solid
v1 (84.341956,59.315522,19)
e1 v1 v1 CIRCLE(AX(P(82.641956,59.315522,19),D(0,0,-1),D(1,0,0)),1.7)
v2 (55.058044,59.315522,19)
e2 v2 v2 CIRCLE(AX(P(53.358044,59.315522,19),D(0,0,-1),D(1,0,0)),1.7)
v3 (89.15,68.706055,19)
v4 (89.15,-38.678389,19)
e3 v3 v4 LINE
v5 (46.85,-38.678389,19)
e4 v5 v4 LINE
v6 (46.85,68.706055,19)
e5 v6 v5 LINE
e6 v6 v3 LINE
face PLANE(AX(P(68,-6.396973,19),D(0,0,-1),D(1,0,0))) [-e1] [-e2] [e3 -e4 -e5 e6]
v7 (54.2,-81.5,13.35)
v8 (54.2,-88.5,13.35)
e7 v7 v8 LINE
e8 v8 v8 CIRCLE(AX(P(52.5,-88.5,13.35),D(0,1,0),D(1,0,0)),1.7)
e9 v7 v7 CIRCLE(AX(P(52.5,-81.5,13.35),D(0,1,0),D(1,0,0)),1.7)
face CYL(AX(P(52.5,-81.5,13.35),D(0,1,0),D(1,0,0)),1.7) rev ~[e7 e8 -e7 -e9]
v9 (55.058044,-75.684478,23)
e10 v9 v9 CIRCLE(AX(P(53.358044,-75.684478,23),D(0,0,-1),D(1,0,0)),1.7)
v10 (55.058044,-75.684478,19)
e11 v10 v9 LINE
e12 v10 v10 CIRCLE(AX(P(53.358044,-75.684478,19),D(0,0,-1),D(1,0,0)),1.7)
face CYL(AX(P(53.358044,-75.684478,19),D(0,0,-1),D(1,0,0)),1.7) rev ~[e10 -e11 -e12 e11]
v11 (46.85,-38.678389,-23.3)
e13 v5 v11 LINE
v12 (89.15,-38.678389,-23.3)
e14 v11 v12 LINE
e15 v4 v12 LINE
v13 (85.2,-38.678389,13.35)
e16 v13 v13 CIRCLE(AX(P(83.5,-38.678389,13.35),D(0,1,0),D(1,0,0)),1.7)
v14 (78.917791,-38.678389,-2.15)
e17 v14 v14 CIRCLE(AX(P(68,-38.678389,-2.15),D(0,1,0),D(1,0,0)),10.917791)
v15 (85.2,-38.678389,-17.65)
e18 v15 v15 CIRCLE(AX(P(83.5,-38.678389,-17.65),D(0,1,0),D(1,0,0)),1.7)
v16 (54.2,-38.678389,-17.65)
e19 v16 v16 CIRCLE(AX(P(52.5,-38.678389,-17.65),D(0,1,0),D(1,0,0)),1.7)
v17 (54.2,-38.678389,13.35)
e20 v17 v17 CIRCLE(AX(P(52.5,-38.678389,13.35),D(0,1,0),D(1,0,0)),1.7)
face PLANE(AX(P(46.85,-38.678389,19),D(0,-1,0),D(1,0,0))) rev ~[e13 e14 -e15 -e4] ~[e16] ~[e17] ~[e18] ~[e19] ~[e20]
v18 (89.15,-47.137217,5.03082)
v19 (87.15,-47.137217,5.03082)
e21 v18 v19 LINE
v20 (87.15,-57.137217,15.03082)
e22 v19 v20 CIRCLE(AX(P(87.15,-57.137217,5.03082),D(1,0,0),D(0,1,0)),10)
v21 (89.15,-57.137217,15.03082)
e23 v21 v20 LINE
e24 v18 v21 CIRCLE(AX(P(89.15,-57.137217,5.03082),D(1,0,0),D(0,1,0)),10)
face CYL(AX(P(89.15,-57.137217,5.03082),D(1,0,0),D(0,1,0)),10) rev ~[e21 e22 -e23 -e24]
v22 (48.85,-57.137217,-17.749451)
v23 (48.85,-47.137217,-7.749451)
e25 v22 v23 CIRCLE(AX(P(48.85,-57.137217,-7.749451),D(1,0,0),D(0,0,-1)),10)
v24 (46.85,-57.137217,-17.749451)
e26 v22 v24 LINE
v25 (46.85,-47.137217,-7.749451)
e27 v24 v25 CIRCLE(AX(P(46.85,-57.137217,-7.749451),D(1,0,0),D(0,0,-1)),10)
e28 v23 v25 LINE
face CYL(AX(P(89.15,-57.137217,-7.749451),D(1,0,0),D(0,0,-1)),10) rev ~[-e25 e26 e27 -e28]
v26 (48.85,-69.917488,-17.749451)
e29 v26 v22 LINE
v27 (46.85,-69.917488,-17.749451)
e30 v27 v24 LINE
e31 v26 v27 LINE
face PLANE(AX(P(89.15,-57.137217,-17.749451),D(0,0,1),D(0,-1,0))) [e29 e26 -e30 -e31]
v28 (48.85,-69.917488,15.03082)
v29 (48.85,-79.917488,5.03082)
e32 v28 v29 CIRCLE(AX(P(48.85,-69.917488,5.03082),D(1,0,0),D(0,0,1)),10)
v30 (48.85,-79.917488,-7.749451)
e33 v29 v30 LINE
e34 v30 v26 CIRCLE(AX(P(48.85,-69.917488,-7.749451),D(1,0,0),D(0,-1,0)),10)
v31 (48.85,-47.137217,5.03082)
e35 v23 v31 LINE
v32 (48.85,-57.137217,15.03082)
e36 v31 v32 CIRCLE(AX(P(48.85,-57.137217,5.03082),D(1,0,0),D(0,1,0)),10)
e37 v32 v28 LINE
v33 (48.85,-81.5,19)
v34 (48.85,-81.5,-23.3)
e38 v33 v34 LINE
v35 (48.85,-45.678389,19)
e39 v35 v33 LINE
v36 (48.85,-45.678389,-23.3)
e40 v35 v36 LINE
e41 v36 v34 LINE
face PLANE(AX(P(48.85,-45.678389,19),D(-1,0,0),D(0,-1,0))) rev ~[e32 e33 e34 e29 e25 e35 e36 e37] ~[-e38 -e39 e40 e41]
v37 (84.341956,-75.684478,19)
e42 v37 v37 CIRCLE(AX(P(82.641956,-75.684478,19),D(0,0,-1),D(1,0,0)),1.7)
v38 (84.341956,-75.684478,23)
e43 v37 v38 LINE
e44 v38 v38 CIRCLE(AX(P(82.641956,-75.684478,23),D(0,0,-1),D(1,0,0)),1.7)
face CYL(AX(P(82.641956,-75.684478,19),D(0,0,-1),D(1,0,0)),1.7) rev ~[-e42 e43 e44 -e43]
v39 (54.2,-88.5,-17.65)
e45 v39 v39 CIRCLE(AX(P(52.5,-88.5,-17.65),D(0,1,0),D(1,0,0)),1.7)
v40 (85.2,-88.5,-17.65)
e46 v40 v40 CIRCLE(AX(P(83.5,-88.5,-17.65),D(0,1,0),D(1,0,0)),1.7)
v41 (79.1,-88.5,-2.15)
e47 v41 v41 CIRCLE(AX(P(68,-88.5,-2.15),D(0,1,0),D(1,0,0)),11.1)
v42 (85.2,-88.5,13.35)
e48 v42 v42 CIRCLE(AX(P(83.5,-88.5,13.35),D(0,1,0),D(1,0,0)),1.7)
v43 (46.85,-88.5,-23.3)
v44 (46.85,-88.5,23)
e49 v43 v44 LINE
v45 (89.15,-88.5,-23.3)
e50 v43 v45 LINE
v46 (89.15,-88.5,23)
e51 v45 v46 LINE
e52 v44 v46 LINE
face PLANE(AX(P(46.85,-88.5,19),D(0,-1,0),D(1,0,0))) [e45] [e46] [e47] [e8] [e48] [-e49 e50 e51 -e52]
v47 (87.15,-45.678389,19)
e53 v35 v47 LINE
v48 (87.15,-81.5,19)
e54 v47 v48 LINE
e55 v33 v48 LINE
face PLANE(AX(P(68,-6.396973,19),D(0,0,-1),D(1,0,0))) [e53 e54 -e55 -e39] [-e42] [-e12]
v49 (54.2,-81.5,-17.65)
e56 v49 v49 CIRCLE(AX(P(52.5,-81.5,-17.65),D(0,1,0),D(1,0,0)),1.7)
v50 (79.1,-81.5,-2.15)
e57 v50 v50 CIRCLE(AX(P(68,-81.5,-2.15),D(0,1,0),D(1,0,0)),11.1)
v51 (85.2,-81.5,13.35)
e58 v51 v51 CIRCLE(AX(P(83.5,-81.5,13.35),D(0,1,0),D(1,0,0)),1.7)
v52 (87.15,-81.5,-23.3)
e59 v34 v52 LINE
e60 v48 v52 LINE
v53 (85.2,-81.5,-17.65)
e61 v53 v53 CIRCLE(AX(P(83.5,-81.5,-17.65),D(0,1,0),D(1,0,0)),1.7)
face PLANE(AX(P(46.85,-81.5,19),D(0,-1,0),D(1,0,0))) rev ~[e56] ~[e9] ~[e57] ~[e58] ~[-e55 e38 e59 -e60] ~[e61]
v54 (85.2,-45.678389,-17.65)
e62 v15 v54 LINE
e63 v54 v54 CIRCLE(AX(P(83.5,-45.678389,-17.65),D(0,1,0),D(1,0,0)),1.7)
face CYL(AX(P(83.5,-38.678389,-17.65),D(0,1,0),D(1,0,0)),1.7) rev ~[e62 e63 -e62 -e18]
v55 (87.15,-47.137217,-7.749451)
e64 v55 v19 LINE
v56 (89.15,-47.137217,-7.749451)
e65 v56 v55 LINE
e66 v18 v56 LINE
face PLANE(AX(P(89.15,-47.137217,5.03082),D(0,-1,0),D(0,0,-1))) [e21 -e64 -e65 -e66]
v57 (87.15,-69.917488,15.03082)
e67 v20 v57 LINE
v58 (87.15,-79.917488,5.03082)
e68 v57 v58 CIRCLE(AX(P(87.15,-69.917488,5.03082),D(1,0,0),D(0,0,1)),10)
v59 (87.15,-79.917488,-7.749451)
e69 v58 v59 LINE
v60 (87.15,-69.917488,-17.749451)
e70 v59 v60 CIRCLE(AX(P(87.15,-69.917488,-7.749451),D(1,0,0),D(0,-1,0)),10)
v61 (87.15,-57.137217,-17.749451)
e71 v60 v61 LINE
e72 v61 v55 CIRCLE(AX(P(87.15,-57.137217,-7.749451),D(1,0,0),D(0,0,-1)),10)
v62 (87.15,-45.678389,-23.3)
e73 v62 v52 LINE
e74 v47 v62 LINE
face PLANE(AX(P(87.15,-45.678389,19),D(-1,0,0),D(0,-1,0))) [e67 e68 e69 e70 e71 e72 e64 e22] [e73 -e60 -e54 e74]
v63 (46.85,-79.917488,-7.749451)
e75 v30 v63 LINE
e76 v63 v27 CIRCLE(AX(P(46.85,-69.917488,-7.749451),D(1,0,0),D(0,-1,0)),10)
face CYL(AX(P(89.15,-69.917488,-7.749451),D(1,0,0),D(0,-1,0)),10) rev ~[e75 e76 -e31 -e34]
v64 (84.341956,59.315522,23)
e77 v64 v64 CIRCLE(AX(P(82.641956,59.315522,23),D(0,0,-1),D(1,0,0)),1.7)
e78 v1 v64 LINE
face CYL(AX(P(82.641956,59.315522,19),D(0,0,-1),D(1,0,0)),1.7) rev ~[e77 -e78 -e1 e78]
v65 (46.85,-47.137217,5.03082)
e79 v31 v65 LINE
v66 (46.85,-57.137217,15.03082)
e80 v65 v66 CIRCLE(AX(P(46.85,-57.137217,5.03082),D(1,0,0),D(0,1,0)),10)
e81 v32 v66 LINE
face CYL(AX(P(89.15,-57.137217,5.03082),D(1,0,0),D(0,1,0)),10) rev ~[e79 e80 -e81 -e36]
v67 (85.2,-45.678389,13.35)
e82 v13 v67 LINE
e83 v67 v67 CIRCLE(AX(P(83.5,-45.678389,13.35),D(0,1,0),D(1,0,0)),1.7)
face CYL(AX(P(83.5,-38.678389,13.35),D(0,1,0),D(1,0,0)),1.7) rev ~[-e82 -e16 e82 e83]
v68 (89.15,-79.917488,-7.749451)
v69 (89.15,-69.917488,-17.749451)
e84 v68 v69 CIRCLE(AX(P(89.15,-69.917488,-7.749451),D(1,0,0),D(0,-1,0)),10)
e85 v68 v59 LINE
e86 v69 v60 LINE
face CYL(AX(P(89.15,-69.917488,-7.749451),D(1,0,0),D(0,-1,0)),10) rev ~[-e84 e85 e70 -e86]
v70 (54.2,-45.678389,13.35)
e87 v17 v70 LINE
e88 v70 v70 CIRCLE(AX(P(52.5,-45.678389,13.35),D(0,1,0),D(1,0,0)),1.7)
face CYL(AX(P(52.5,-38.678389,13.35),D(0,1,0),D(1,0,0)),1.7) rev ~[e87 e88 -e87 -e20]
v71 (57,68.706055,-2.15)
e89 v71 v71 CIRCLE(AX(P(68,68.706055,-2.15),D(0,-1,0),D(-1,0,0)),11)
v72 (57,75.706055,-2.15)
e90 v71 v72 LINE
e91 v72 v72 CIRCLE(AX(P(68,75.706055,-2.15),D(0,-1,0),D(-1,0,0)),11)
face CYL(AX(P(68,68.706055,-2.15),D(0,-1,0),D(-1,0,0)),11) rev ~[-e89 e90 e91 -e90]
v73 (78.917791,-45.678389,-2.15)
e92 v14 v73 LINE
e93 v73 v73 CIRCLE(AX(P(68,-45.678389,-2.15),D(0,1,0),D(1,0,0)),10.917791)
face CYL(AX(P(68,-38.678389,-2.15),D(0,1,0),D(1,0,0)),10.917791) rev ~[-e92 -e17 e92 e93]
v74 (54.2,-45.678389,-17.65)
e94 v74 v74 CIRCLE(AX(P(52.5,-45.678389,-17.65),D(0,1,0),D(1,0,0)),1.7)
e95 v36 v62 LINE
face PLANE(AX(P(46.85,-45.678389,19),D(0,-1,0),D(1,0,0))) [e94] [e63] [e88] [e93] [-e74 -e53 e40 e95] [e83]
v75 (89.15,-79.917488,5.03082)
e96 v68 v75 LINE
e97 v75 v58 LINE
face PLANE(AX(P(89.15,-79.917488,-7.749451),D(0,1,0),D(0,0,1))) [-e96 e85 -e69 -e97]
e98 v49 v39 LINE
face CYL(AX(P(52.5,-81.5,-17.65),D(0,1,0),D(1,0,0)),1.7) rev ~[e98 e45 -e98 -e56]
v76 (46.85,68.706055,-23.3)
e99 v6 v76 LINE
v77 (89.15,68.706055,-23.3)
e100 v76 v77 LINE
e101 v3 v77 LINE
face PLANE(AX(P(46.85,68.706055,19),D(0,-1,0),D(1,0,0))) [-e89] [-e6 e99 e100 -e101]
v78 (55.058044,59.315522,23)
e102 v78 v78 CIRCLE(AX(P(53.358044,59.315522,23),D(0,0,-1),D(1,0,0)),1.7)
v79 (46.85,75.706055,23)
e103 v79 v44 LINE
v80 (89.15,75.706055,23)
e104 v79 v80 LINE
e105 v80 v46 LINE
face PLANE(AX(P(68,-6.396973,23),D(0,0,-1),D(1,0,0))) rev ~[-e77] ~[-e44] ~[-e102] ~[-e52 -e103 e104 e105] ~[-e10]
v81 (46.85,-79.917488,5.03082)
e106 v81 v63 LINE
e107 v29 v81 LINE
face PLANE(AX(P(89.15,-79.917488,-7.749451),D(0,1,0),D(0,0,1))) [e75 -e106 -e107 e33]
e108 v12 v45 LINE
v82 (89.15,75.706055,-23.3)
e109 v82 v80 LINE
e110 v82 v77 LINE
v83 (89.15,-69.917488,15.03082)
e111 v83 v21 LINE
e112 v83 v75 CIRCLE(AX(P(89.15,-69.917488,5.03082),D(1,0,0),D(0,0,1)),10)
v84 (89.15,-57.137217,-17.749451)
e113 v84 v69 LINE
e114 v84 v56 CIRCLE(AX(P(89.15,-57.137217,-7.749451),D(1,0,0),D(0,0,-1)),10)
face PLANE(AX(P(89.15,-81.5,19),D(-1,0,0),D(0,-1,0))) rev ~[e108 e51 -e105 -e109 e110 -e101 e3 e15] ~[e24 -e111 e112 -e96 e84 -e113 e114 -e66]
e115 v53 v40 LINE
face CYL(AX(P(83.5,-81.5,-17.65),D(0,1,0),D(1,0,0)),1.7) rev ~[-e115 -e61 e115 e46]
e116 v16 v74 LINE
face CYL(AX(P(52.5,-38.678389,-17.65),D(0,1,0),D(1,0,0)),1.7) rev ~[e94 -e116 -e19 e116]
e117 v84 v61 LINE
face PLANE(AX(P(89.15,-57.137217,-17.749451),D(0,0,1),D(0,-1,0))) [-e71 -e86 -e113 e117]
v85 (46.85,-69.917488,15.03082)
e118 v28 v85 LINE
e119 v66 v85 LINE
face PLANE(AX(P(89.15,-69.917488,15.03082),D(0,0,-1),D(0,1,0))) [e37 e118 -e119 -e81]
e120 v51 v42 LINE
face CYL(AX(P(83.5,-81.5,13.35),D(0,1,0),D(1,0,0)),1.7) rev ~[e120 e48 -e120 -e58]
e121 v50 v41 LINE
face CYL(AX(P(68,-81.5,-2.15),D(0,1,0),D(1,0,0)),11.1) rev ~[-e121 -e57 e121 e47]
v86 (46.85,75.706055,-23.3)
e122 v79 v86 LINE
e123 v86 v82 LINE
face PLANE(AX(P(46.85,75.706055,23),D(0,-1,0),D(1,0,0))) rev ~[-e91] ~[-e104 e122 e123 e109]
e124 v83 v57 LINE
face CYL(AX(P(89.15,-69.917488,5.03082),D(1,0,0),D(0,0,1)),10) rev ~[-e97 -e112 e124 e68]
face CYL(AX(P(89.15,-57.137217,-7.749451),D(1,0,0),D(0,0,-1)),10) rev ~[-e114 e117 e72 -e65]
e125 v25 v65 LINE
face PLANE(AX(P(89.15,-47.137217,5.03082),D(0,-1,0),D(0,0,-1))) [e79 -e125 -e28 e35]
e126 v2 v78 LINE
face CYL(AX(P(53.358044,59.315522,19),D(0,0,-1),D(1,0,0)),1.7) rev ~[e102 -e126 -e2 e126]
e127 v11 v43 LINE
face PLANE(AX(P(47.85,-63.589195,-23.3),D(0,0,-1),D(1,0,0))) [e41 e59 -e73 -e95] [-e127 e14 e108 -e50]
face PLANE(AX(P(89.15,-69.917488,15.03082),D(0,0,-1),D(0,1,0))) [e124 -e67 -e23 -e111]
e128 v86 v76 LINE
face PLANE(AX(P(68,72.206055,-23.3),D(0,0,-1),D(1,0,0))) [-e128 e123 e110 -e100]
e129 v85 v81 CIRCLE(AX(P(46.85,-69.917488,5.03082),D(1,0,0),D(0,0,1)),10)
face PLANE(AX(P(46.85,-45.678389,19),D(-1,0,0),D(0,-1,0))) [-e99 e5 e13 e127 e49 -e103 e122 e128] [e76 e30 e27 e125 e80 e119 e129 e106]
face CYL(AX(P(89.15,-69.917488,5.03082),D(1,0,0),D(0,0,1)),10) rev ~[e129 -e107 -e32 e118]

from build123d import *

# Parameters (mm, degrees)
SKETCH029_W             = 42.3
SKETCH029_H             = 164.206055
PAD013_DEPTH            = 4
SKETCH030_W             = 42.3
SKETCH030_H             = 7
PAD014_DEPTH            = 42.3
SKETCH125_W             = 2
SKETCH125_H             = 35.8216107414
PAD049_DEPTH            = 42.3
SKETCH126_R             = 1.7
SKETCH126_R_2           = 10.9177905076
POCKET019_DEPTH         = 7
SKETCH127_R             = 1.7
SKETCH127_R_2           = 11.1
POCKET020_DEPTH         = 7
POCKET021_DEPTH         = 45
SKETCH129_R             = 11
POCKET022_DEPTH         = 7
SKETCH133_R             = 1.7
POCKET026_DEPTH         = 5
BODY025_PITCH_ANGLE     = 90
BODY025_PLACEMENT_ANGLE = -90


with BuildPart() as part:
    # Sketch029 → Pad013 (new body)
    with BuildSketch(Plane.YZ):
        with Locations((0, 4.8969725)):
            Rectangle(SKETCH029_W, SKETCH029_H)
    extrude(amount=PAD013_DEPTH)

    # Sketch030 (on Face6 of Pad013) → Pad014 (join)
    with BuildSketch(Plane.YZ.offset(4)):
        with Locations((0, 40.6783892586)):
            Rectangle(SKETCH030_W, SKETCH030_H)
        with Locations((0, 83.5)):
            Rectangle(SKETCH030_W, SKETCH030_H)
        with Locations((0, -73.706055)):
            Rectangle(SKETCH030_W, SKETCH030_H)
    extrude(amount=PAD014_DEPTH)

    # Sketch125 → Pad049 (join)
    with BuildSketch(Plane.YZ.offset(4)):
        with Locations((-20.15, 62.0891946293)):
            Rectangle(SKETCH125_W, SKETCH125_H)
        with Locations((20.15, 62.0891946293)):
            Rectangle(SKETCH125_W, SKETCH125_H)
    extrude(amount=PAD049_DEPTH)

    # Sketch126 (on Face20 of Pad049) → Pocket019 (cut)
    with BuildSketch(Plane.YX.offset(-37.1783892586)):
        with Locations((-15.5, 40.65)):
            Circle(SKETCH126_R)
        with Locations((15.5, 40.65)):
            Circle(SKETCH126_R)
        with Locations((15.5, 9.65)):
            Circle(SKETCH126_R)
        with Locations((-15.5, 9.65)):
            Circle(SKETCH126_R)
        with Locations((0, 25.15)):
            Circle(SKETCH126_R_2)
    extrude(amount=-POCKET019_DEPTH, mode=Mode.SUBTRACT)

    # Sketch127 (on Face24 of Pocket019) → Pocket020 (cut)
    with BuildSketch(Plane.YX.offset(-80)):
        with Locations((-15.5, 40.65)):
            Circle(SKETCH127_R)
        with Locations((15.5, 40.65)):
            Circle(SKETCH127_R)
        with Locations((15.5, 9.65)):
            Circle(SKETCH127_R)
        with Locations((-15.5, 9.65)):
            Circle(SKETCH127_R)
        with Locations((0, 25.15)):
            Circle(SKETCH127_R_2)
    extrude(amount=-POCKET020_DEPTH, mode=Mode.SUBTRACT)

    # Sketch128 (on Face14 of Pocket020) → Pocket021 (cut)
    with BuildSketch(Plane.ZX.offset(21.15)):
        with BuildLine():
            Line((55.6372167606, 40.749451), (68.417488, 40.749451))
            ThreePointArc((78.417488, 30.749451), (75.4885558119, 37.8205188119), (68.417488, 40.749451))
            Line((78.417488, 30.749451), (78.417488, 17.9691797606))
            ThreePointArc((68.417488, 7.9691797606), (75.4885558119, 10.8981119487), (78.417488, 17.9691797606))
            Line((68.417488, 7.9691797606), (55.6372167606, 7.9691797606))
            ThreePointArc((45.6372167606, 17.9691797606), (48.5661489487, 10.8981119487), (55.6372167606, 7.9691797606))
            Line((45.6372167606, 17.9691797606), (45.6372167606, 30.749451))
            ThreePointArc((55.6372167606, 40.749451), (48.5661489487, 37.8205188119), (45.6372167606, 30.749451))
        make_face()
    extrude(amount=-POCKET021_DEPTH, mode=Mode.SUBTRACT)

    # Sketch129 (on Face30 of Pocket021) → Pocket022 (cut)
    with BuildSketch(Plane(origin=(0, 0, -70.206055), x_dir=(0, -1, 0), z_dir=(0, 0, 1))):
        with Locations((0, 25.15)):
            Circle(SKETCH129_R)
    extrude(amount=-POCKET022_DEPTH, mode=Mode.SUBTRACT)

    # Sketch133 (on Face10 of Pocket022) → Pocket026 (cut)
    with BuildSketch(Plane.YZ.offset(4)):
        with Locations((-14.6419561845, 74.184478)):
            Circle(SKETCH133_R)
        with Locations((14.6419561845, 74.184478)):
            Circle(SKETCH133_R)
        with Locations((14.6419561845, -60.815522)):
            Circle(SKETCH133_R)
        with Locations((-14.6419561845, -60.815522)):
            Circle(SKETCH133_R)
    extrude(amount=-POCKET026_DEPTH, mode=Mode.SUBTRACT)


with BuildPart() as part_1:
    # Body025 pitch: moved
    add(part.part.rotate(Axis((0, 0, 0), (0, 1, 0)), BODY025_PITCH_ANGLE))


with BuildPart() as part_2:
    # Body025 placement: moved
    add(part_1.part.moved(Location((68, -1.5, 23))).rotate(Axis((68, -1.5, 23), (0, 0, 1)), BODY025_PLACEMENT_ANGLE))


solid = part_2.part
